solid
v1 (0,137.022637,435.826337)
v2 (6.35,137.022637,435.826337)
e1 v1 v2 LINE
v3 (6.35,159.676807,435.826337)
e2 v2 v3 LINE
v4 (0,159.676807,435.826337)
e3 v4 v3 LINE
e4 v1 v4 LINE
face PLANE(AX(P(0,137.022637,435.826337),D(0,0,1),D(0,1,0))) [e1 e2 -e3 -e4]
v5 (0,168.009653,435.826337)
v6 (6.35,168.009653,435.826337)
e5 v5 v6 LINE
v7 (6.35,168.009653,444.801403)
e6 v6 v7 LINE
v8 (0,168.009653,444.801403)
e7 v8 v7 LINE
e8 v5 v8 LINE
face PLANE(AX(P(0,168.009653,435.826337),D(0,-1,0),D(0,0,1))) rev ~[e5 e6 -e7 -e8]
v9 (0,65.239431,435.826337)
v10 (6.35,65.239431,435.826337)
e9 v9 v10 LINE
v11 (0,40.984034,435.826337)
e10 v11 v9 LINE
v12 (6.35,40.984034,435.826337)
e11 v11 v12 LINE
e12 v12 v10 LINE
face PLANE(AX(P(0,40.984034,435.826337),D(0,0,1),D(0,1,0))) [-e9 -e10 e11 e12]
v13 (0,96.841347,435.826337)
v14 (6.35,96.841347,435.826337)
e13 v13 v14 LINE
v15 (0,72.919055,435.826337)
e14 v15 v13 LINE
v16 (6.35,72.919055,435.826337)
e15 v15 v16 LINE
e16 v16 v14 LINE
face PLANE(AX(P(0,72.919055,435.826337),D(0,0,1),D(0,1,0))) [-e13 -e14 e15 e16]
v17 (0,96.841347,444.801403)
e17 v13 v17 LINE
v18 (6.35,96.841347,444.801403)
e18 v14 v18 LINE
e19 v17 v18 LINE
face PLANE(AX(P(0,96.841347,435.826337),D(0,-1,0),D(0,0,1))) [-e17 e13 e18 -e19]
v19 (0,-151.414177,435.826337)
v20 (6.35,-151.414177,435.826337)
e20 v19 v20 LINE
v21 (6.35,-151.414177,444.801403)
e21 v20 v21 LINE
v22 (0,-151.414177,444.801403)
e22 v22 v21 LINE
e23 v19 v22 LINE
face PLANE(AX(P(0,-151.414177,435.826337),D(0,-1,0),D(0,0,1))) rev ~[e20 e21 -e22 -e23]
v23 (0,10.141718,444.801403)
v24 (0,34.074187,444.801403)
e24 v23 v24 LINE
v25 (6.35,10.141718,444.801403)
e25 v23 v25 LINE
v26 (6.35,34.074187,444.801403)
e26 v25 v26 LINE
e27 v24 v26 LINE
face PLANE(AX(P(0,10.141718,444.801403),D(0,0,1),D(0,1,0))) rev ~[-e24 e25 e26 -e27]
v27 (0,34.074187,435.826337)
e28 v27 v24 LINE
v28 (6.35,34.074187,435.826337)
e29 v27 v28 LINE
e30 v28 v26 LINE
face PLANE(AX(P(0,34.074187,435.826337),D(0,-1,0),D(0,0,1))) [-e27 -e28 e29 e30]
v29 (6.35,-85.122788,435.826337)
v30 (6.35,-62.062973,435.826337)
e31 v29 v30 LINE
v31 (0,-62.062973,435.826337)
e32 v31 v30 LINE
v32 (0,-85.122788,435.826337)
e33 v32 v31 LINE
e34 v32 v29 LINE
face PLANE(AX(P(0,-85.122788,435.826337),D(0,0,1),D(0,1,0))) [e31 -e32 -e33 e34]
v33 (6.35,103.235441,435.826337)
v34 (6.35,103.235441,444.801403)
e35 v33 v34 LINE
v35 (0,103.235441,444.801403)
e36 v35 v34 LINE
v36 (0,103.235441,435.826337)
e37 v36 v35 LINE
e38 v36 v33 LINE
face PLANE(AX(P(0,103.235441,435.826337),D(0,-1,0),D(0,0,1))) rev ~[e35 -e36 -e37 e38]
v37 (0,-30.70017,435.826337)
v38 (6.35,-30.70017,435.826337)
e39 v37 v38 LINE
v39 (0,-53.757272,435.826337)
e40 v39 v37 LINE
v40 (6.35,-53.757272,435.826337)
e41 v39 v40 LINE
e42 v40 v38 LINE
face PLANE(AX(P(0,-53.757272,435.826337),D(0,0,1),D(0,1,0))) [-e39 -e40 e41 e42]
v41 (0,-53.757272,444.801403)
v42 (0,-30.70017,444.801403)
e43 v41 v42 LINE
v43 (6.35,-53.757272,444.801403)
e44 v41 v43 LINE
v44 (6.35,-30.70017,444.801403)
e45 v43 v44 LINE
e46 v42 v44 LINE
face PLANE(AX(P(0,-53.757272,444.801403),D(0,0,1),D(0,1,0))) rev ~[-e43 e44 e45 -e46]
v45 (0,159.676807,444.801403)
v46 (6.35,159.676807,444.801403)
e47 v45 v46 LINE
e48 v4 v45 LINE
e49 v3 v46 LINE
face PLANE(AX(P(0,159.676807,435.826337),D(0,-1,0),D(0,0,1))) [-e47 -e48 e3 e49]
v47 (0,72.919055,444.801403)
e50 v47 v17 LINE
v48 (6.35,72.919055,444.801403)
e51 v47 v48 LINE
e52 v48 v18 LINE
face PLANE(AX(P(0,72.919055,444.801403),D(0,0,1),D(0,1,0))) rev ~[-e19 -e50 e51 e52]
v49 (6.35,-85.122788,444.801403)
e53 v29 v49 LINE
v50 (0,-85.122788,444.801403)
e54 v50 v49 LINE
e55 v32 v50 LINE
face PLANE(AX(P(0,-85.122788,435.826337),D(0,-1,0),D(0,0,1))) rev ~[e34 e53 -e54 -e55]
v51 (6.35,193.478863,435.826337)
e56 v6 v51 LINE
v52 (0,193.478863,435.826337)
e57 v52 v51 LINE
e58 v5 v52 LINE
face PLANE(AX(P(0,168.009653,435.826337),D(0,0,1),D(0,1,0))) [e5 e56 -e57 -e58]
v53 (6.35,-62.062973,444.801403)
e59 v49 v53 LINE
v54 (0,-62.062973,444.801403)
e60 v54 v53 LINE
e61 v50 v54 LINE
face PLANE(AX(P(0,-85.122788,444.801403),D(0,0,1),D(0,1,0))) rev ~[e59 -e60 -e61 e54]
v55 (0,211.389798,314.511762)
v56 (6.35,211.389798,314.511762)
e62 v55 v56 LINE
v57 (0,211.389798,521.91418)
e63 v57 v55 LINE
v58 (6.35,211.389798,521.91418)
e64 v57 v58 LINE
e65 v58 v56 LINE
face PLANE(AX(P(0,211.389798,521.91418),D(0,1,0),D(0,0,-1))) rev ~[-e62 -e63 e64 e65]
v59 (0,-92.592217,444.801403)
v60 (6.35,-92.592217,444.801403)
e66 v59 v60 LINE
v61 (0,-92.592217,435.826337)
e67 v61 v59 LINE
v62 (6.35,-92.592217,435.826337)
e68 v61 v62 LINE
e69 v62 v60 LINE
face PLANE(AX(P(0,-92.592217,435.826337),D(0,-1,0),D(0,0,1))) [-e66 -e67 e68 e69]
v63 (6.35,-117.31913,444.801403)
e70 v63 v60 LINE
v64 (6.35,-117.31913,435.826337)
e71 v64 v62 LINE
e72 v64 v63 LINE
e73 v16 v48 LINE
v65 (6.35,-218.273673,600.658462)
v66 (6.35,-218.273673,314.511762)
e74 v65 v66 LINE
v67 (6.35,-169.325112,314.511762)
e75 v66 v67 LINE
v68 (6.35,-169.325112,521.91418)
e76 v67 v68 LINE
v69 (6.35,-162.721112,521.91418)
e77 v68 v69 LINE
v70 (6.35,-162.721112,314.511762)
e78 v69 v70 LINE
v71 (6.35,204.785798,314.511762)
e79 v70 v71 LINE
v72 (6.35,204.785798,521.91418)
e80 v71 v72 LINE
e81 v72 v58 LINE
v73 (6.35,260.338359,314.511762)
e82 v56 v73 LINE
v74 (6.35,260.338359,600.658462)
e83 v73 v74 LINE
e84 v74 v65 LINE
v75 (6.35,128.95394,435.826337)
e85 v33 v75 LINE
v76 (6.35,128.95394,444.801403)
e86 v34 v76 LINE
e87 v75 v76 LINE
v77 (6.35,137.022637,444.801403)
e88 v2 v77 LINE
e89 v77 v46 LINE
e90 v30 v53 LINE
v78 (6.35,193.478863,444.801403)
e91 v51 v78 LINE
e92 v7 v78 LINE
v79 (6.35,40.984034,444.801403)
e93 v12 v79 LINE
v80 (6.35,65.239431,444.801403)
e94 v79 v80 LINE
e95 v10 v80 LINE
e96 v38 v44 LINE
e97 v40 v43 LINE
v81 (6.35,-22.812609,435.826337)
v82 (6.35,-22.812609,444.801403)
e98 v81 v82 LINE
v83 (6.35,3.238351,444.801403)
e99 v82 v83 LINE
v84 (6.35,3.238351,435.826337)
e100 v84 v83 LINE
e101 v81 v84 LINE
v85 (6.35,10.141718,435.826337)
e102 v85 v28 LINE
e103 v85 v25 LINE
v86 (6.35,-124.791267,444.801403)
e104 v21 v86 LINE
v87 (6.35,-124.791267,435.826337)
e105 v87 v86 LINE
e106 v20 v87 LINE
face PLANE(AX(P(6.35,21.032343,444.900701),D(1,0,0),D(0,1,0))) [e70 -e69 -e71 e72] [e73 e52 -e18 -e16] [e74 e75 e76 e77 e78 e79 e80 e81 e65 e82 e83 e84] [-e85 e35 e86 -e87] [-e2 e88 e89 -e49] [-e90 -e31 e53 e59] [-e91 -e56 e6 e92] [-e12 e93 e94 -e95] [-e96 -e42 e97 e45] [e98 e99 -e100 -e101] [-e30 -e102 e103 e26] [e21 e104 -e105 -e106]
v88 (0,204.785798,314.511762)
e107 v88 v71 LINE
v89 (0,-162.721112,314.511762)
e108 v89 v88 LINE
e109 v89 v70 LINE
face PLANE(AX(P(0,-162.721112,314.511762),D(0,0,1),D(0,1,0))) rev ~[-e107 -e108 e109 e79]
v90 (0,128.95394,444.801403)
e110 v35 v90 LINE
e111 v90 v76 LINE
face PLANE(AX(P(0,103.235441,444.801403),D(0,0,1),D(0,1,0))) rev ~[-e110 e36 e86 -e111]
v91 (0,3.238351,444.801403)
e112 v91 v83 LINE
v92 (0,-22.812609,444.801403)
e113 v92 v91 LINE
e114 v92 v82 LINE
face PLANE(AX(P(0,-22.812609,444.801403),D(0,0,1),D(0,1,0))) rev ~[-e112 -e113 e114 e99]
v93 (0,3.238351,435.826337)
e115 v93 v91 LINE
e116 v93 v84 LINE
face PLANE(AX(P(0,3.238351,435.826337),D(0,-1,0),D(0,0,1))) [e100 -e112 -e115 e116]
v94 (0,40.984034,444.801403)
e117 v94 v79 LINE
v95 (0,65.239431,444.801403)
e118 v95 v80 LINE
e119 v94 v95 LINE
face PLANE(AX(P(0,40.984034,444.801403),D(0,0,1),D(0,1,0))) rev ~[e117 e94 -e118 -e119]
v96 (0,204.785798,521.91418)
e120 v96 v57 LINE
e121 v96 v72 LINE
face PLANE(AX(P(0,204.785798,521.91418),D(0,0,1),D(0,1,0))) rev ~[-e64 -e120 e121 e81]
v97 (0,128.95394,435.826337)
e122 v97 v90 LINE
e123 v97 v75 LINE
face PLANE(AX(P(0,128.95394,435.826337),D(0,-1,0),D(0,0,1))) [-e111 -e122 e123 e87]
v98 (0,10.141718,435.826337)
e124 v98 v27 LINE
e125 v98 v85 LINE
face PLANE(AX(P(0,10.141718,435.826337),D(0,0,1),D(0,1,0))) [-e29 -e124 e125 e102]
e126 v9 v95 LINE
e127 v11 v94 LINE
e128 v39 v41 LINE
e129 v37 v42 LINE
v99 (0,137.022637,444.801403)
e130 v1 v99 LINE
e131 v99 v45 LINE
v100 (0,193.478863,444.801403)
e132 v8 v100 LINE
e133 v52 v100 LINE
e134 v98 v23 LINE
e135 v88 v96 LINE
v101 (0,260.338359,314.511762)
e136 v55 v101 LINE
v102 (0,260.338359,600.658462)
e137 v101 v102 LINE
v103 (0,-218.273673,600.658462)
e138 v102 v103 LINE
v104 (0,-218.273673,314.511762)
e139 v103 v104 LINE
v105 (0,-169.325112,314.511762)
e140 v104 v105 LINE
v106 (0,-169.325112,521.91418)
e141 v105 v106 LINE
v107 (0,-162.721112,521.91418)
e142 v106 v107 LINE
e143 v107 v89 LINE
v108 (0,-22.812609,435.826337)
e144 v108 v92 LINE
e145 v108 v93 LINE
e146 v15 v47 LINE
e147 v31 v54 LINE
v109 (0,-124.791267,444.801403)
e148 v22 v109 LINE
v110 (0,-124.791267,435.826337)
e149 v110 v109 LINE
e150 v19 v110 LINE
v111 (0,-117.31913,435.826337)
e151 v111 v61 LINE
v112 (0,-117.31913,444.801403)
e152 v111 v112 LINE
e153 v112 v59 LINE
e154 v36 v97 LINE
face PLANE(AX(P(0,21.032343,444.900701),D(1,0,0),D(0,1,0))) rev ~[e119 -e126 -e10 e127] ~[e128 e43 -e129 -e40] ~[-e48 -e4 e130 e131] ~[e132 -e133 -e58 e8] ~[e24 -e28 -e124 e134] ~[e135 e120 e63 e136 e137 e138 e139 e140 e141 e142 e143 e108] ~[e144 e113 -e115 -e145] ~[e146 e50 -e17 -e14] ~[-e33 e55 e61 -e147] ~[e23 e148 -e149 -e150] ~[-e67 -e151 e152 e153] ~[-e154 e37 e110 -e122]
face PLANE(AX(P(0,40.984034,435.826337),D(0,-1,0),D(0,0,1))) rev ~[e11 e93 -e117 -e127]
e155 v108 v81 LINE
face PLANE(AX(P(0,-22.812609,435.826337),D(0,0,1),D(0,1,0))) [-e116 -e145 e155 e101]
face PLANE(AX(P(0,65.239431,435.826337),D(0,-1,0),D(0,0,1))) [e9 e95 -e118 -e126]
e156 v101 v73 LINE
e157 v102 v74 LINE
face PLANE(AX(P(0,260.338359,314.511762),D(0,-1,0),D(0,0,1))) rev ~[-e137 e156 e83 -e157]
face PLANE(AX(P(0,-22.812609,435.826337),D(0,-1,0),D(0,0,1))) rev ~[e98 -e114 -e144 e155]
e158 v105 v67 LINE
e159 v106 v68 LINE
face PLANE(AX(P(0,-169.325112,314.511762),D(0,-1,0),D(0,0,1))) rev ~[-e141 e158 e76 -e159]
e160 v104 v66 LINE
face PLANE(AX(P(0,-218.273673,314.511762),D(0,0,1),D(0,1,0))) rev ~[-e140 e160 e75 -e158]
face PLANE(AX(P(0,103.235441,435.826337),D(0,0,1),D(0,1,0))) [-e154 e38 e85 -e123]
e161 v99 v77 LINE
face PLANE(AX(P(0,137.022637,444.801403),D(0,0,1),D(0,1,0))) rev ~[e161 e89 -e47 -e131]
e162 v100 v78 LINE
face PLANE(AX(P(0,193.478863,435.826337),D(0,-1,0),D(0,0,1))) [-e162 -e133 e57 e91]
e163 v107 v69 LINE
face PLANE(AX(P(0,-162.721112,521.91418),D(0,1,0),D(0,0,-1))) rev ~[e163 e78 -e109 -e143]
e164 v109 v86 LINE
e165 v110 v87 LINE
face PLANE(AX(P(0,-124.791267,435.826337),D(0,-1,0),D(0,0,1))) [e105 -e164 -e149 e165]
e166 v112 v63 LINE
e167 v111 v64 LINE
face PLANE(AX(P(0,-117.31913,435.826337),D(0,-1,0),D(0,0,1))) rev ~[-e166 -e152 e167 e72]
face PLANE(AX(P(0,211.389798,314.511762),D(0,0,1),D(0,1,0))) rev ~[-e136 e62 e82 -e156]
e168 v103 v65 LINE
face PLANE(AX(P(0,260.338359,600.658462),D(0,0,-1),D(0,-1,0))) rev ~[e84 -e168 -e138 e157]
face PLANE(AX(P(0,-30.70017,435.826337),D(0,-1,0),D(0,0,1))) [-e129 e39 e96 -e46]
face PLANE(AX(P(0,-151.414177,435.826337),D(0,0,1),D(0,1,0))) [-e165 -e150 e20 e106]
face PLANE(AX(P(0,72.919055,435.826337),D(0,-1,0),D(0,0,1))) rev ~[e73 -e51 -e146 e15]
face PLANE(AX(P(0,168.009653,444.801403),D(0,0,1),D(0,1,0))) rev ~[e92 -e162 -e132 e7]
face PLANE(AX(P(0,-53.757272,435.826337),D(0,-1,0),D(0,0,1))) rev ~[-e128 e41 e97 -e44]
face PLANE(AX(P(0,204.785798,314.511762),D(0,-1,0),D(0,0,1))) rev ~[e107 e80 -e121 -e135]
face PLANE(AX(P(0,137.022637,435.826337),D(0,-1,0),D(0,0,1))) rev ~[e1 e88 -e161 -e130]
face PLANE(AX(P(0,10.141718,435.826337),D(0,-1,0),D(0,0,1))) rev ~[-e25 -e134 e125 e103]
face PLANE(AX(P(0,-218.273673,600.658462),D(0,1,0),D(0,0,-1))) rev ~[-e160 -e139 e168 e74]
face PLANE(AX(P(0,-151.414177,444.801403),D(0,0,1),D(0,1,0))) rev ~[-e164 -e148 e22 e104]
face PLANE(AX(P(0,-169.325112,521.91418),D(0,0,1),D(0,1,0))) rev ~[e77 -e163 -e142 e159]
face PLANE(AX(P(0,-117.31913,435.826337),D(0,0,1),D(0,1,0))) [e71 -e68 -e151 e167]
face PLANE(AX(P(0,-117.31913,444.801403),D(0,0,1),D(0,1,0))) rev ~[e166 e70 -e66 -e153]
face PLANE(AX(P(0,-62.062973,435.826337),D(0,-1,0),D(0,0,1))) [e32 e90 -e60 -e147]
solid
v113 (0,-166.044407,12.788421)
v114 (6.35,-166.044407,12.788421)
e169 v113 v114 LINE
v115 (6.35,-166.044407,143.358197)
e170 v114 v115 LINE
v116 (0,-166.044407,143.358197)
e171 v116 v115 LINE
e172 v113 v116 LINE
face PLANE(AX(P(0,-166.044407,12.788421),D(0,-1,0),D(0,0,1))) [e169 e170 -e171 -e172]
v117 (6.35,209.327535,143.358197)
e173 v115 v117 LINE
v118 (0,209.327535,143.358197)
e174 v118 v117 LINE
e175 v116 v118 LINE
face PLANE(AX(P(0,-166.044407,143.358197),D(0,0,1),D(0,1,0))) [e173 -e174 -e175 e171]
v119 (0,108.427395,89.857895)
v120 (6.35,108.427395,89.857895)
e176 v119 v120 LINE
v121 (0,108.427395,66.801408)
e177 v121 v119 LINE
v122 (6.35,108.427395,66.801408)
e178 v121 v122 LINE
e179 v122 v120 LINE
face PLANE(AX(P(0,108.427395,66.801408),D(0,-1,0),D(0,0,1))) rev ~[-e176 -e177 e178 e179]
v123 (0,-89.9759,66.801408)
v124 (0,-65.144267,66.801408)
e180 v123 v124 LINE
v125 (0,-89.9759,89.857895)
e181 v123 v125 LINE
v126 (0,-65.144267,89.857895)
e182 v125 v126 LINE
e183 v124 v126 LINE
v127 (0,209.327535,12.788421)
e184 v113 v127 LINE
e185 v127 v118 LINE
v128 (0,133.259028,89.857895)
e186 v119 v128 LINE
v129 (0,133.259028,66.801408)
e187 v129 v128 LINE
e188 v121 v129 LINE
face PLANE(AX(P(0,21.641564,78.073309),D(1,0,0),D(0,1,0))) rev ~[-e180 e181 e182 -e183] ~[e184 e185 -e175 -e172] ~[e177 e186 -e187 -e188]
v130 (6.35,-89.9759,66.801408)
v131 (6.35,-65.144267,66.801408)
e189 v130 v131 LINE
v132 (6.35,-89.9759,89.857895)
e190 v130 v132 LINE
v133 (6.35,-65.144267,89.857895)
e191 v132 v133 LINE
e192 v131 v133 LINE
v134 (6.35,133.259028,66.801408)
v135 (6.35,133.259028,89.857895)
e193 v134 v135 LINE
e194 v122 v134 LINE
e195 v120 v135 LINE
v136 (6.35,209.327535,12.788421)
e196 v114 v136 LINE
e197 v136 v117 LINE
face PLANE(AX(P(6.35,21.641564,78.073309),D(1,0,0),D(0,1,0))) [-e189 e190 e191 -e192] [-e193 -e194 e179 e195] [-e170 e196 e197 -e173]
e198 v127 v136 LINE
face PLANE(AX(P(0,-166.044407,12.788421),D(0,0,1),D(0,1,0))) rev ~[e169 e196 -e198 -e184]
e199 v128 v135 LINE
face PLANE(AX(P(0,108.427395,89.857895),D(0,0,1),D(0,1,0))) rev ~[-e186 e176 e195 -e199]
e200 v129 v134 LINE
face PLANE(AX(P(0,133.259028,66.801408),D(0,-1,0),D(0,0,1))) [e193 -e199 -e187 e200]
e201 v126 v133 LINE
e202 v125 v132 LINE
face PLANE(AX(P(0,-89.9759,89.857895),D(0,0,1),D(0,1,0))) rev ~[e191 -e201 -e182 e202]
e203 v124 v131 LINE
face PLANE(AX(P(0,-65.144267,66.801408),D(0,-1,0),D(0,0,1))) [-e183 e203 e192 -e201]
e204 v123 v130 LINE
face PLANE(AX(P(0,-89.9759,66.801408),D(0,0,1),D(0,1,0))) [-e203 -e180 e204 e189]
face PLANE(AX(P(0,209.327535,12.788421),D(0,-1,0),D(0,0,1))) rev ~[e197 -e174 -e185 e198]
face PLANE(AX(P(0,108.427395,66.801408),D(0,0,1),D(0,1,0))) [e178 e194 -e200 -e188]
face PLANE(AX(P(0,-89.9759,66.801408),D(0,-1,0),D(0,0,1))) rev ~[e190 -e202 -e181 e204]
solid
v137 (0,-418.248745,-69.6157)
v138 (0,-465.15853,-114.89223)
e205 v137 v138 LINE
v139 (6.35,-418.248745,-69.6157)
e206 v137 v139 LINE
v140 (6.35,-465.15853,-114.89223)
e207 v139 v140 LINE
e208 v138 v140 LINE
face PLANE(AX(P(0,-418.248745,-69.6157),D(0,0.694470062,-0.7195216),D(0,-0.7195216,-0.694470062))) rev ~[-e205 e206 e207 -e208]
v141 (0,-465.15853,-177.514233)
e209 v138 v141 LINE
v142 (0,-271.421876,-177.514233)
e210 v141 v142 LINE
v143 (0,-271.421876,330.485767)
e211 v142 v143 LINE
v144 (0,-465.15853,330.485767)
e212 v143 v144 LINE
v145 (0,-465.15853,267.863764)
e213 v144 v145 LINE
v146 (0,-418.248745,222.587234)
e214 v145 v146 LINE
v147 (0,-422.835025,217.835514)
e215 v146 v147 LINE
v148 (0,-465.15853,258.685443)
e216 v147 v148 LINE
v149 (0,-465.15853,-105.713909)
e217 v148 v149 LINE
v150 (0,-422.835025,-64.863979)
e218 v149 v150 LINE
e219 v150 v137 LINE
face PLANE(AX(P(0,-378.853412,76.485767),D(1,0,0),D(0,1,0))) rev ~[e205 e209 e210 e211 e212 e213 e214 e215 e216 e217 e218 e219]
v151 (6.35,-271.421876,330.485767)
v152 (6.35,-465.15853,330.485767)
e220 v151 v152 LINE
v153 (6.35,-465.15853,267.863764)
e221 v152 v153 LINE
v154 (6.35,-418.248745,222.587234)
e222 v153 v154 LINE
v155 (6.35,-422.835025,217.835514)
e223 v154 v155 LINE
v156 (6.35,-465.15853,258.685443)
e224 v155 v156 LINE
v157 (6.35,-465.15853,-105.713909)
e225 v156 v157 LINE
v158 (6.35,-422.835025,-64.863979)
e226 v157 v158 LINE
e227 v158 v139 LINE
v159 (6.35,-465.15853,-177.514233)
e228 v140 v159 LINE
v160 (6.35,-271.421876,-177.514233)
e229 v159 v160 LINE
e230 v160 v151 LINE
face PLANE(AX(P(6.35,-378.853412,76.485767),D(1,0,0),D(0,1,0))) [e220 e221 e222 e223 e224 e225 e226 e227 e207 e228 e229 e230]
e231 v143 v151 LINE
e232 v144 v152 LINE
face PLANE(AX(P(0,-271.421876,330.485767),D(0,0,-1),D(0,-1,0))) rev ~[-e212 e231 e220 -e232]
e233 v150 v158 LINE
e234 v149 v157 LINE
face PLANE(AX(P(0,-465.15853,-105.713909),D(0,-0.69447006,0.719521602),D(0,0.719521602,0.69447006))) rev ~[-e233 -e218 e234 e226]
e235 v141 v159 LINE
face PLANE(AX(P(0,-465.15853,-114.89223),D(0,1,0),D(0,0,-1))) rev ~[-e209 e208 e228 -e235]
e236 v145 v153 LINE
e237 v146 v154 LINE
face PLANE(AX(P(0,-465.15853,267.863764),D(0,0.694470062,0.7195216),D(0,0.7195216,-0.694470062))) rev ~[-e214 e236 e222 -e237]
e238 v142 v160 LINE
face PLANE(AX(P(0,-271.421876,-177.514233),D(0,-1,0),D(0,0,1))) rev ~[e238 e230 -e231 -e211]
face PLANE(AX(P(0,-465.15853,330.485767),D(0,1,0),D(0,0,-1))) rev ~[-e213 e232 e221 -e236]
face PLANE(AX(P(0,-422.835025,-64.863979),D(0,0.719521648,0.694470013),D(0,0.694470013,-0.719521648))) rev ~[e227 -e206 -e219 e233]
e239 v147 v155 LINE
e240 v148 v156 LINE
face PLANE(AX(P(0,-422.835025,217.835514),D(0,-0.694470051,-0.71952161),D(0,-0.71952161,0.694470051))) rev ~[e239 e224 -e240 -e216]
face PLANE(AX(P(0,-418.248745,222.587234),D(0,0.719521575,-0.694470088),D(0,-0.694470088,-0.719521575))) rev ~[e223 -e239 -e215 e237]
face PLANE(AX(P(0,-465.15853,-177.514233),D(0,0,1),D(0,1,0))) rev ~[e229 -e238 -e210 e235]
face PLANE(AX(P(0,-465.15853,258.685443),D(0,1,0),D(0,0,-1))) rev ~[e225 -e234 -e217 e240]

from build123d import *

# Parameters (mm, degrees)
F0_W     = 375.371941
F0_H     = 130.569776
F0_W_2   = 24.831633
F0_H_2   = 23.056487
F0_W_3   = 26.62291
F0_H_3   = 8.975066
F0_W_4   = 24.726913
F0_W_5   = 23.059815
F0_W_6   = 23.057102
F0_W_7   = 26.05096
F0_W_8   = 23.932469
F0_W_9   = 24.255397
F0_W_10  = 23.922292
F0_W_11  = 25.718499
F0_W_12  = 22.654171
F0_W_13  = 25.46921
F1_DEPTH = 6.35


with BuildPart() as f1:
    # F0 (on Right) → F1 (new body)
    with BuildSketch(Plane.YZ):
        Polygon((-271.421876, 330.485767), (-465.15853, 330.485767), (-465.15853, 267.863764), (-418.248745, 222.587234), (-422.835025, 217.835514), (-465.15853, 258.685443), (-465.15853, -105.713909), (-422.835025, -64.863979), (-418.248745, -69.6157), (-465.15853, -114.89223), (-465.15853, -177.514233), (-271.421876, -177.514233), align=None)
        with Locations((21.641564, 78.073309)):
            Rectangle(F0_W, F0_H)
        with Locations((-77.560084, 78.329652)):
            Rectangle(F0_W_2, F0_H_2, mode=Mode.SUBTRACT)
        with Locations((120.843211, 78.329652)):
            Rectangle(F0_W_2, F0_H_2, mode=Mode.SUBTRACT)
        Polygon((260.338359, 600.658462), (-218.273673, 600.658462), (-218.273673, 314.511762), (-169.325112, 314.511762), (-169.325112, 521.91418), (-162.721112, 521.91418), (-162.721112, 314.511762), (204.785798, 314.511762), (204.785798, 521.91418), (211.389798, 521.91418), (211.389798, 314.511762), (260.338359, 314.511762), align=None)
        with Locations((-138.102722, 440.31387)):
            Rectangle(F0_W_3, F0_H_3, mode=Mode.SUBTRACT)
        with Locations((-104.955673, 440.31387)):
            Rectangle(F0_W_4, F0_H_3, mode=Mode.SUBTRACT)
        with Locations((-73.592881, 440.31387)):
            Rectangle(F0_W_5, F0_H_3, mode=Mode.SUBTRACT)
        with Locations((-42.228721, 440.31387)):
            Rectangle(F0_W_6, F0_H_3, mode=Mode.SUBTRACT)
        with Locations((-9.787129, 440.31387)):
            Rectangle(F0_W_7, F0_H_3, mode=Mode.SUBTRACT)
        with Locations((22.107952, 440.31387)):
            Rectangle(F0_W_8, F0_H_3, mode=Mode.SUBTRACT)
        with Locations((53.111733, 440.31387)):
            Rectangle(F0_W_9, F0_H_3, mode=Mode.SUBTRACT)
        with Locations((84.880201, 440.31387)):
            Rectangle(F0_W_10, F0_H_3, mode=Mode.SUBTRACT)
        with Locations((116.094691, 440.31387)):
            Rectangle(F0_W_11, F0_H_3, mode=Mode.SUBTRACT)
        with Locations((148.349722, 440.31387)):
            Rectangle(F0_W_12, F0_H_3, mode=Mode.SUBTRACT)
        with Locations((180.744258, 440.31387)):
            Rectangle(F0_W_13, F0_H_3, mode=Mode.SUBTRACT)
    extrude(amount=F1_DEPTH)


solid = f1.part
